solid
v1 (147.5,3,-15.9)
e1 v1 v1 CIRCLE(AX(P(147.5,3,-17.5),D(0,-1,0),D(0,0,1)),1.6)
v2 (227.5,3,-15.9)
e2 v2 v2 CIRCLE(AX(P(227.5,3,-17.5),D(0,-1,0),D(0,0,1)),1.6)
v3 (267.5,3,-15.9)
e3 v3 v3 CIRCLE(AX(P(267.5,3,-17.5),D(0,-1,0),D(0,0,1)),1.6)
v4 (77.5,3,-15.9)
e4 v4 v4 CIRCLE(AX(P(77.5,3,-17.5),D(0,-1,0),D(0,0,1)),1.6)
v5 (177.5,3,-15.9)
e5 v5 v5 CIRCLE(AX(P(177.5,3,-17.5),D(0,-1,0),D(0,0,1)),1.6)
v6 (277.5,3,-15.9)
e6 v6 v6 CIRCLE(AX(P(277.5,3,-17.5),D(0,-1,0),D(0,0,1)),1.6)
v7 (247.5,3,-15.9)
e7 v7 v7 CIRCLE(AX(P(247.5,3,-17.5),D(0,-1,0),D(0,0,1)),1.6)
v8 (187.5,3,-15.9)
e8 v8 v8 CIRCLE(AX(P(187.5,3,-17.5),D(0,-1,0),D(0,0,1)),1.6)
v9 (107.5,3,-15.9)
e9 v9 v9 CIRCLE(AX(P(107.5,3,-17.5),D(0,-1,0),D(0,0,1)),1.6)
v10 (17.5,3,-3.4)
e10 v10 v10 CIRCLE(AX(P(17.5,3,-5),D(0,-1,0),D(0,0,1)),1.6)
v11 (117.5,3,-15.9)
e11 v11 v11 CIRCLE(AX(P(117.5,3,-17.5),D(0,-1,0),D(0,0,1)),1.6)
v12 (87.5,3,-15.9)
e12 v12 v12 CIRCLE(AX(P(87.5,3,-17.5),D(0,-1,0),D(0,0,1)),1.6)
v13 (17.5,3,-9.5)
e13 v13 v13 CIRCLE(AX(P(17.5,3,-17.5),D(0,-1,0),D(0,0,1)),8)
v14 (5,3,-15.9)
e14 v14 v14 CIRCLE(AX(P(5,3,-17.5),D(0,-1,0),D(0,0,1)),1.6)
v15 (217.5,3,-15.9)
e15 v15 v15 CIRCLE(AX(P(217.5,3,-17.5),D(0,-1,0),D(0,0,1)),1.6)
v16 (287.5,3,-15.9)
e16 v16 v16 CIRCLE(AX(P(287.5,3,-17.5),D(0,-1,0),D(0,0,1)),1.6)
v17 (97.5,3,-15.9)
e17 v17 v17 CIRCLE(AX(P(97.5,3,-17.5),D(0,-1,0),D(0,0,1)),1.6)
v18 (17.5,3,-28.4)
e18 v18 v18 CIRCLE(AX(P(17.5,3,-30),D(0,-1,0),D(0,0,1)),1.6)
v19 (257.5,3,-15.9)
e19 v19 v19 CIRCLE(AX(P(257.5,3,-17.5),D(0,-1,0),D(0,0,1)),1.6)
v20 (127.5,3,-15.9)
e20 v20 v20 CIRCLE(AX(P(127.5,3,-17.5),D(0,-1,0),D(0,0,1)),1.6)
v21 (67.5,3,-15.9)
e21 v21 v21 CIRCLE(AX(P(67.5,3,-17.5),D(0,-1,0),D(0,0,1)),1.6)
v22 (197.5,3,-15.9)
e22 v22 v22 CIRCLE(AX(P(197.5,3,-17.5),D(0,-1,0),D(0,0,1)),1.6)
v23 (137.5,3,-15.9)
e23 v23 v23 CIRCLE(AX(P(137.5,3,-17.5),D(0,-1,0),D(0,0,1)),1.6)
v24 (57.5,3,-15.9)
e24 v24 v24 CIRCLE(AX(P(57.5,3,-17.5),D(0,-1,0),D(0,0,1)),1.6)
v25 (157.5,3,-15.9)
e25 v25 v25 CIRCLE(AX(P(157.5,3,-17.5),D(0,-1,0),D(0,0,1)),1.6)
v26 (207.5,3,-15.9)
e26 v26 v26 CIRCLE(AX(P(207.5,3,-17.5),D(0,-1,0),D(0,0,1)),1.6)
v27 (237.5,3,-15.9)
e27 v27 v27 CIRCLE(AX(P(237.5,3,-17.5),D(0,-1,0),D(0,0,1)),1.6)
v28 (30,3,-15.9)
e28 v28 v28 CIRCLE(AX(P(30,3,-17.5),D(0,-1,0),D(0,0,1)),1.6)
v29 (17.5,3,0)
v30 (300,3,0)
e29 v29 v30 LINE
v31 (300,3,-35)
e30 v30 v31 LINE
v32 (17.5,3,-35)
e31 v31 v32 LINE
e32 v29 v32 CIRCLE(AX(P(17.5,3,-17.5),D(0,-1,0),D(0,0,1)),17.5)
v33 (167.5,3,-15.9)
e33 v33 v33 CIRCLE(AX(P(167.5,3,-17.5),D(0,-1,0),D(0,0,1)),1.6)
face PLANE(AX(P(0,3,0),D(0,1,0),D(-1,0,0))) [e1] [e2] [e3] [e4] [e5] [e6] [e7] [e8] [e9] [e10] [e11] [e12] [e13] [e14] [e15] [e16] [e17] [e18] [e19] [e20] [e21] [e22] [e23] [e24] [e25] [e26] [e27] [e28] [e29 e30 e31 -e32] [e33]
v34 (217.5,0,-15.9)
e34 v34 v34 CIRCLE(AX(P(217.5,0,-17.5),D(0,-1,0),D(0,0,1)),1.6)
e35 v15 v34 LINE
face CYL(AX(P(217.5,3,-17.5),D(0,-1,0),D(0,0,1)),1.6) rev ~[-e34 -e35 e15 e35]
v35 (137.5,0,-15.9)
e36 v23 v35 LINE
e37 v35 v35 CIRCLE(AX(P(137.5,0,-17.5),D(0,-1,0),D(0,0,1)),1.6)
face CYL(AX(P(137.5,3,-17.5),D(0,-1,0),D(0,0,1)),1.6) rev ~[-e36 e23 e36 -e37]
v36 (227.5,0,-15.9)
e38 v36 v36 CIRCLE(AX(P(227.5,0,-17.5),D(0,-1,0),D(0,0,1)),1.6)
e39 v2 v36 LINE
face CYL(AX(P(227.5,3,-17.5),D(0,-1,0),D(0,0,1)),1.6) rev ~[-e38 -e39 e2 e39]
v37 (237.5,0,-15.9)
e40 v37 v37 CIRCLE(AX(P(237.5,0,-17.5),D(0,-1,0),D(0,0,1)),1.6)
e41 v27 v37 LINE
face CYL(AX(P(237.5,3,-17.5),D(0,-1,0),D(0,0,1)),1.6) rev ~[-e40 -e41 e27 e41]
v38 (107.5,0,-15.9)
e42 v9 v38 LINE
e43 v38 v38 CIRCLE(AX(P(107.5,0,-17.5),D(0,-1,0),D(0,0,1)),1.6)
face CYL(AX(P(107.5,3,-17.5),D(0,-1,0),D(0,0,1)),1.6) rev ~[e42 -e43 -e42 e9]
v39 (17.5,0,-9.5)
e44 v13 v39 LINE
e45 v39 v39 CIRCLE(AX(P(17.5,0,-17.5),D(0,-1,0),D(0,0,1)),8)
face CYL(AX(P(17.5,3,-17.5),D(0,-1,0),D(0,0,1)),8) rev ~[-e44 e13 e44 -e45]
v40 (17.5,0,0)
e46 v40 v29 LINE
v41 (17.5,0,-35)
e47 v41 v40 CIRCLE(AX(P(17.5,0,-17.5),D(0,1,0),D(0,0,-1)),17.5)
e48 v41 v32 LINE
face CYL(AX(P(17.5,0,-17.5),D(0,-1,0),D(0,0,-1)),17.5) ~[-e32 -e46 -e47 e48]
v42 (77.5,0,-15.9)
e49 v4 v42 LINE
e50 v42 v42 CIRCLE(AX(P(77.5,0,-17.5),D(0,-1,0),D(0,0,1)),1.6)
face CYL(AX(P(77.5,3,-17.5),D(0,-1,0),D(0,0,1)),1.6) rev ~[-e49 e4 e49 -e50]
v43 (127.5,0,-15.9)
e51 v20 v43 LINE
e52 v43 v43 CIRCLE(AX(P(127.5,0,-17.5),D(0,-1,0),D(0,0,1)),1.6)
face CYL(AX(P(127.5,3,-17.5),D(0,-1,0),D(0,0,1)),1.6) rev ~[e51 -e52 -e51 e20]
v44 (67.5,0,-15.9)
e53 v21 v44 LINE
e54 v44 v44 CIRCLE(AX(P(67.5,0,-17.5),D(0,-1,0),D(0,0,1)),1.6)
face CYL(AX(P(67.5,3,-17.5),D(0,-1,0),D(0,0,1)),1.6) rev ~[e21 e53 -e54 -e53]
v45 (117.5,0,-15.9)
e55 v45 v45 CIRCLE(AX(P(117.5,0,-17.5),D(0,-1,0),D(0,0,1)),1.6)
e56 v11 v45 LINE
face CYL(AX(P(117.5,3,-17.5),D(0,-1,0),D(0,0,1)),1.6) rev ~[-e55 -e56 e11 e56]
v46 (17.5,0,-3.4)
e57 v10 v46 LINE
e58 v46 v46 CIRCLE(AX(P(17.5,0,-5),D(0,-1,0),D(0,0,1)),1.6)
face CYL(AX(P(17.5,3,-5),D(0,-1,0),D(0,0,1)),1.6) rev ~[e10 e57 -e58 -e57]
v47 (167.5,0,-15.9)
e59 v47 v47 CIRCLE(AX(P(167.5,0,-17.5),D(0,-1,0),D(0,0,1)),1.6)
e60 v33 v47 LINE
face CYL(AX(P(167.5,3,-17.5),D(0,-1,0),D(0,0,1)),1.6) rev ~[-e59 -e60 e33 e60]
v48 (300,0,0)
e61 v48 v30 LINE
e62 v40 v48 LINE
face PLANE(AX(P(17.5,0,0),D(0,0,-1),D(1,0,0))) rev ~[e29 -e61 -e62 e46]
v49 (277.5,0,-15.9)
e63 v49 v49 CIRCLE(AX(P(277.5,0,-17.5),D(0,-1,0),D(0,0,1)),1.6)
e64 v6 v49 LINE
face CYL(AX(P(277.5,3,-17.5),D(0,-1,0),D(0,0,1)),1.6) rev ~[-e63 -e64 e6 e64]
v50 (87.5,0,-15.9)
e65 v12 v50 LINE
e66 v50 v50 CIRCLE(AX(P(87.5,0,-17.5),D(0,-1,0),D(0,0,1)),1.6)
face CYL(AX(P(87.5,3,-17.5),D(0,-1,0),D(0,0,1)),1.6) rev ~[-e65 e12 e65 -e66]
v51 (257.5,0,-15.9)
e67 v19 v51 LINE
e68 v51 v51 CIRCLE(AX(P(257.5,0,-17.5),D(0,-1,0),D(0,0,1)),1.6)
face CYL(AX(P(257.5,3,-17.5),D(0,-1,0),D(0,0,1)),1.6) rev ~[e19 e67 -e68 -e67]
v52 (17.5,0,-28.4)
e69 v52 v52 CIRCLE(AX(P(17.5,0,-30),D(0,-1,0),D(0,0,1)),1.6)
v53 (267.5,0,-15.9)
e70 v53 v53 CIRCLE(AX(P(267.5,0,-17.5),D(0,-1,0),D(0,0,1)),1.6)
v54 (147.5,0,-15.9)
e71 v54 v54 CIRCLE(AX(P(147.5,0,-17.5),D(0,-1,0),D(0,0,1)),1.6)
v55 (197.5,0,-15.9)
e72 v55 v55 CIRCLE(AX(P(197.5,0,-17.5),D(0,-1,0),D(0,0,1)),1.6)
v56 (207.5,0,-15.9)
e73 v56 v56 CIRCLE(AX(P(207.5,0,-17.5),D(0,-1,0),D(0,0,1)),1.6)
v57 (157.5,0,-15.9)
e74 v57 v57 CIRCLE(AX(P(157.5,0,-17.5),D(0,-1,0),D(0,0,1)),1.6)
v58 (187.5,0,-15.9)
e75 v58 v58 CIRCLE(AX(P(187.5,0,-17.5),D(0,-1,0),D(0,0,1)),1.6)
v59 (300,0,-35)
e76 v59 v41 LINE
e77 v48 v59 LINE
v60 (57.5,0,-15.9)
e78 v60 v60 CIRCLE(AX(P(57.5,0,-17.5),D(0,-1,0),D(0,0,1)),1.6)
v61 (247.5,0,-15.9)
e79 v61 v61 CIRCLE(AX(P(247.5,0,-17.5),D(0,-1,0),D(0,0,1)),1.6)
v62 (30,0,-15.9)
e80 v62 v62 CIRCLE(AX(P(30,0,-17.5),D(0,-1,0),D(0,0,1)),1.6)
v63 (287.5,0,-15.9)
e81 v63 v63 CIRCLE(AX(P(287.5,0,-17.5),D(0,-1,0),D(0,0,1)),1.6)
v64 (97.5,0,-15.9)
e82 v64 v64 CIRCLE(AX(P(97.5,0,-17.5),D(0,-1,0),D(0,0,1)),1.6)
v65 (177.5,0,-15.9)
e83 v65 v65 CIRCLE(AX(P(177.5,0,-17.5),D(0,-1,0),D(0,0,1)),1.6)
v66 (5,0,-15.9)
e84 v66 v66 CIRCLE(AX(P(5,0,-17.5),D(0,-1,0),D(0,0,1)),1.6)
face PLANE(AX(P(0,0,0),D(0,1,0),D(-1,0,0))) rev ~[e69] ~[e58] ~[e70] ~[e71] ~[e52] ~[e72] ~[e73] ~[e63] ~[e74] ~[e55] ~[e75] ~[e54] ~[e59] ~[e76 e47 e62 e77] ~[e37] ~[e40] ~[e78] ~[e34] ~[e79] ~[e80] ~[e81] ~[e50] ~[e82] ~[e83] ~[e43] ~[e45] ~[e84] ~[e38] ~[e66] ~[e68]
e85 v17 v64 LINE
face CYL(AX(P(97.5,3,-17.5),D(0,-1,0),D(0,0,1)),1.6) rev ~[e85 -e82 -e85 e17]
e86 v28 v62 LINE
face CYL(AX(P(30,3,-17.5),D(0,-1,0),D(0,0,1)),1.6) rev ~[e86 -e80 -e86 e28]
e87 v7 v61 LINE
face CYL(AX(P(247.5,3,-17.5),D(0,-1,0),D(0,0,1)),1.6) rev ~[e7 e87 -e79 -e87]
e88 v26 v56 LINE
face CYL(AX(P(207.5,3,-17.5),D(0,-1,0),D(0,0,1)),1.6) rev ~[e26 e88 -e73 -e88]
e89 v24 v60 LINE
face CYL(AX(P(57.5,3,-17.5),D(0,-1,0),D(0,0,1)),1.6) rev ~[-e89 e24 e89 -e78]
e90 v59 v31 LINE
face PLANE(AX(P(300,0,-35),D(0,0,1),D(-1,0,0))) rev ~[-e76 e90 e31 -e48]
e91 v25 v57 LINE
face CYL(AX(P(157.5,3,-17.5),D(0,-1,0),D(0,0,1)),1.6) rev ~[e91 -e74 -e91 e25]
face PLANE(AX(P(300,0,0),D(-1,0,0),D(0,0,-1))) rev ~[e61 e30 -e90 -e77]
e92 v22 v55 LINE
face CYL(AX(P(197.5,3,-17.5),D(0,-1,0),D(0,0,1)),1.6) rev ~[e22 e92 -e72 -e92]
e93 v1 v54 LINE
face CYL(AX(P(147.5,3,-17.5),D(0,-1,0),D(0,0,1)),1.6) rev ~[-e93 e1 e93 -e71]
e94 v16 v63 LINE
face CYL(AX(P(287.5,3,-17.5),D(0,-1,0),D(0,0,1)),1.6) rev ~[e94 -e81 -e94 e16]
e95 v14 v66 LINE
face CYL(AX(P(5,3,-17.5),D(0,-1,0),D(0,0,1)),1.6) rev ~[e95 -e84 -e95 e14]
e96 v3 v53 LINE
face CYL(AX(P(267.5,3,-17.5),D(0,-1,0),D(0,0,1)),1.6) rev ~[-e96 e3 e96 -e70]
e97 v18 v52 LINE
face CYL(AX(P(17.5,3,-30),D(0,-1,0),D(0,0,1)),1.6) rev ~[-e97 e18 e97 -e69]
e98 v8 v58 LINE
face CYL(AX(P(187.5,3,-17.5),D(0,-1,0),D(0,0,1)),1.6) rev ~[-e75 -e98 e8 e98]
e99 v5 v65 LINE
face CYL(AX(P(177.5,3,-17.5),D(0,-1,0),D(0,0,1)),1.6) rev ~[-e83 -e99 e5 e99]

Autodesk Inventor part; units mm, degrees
ref_plane "YZ Plane" through (0, 0, 0) normal (1, 0, 0) x (0, 1, 0)
ref_plane "XZ Plane" through (0, 0, 0) normal (0, 1, 0) x (-1, 0, 0)
ref_plane "XY Plane" through (0, 0, 0) normal (0, 0, 1) x (1, 0, 0)
sketch "スケッチ1" plane through (0, 0, 0) normal (0, 1, 0) x (-1, 0, 0)
  line L0 (0, 0) -> (-300, 0)
  line L1 (-300, 0) -> (-300, -35)
  line L2 (-300, -35) -> (0, -35)
  line L3 (0, -35) -> (0, 0)
  arc A0 (-17.5, -35) -> (-17.5, 0) centre (-17.5, -17.5) ccw
  point P0 (-17.5, -17.5)
  dimension "d0" = 300
  dimension "d1" = 35
  dimension "d2" = 17.5
  dimension "d3" = 17.5
  dimension "d43" = 17.5
extrude "押し出し1" add sketch "スケッチ1" along normal blind 3 contours A0 L2 L1 L0
sketch "スケッチ2" plane through (0, 3, 0) normal (0, 1, 0) x (1, 0, 0)
  arc A0 (17.5, 35) -> (17.5, 0) centre (17.5, 17.5) ccw projected
  line L0 (300, 35) -> (17.5, 35) projected
  point P0 (0, 0)
  point P1 (0, 17.5)
hole "穴1" at (17.5, 3, -17.5) direction (0, -1, 0) diameter 16 end through all
sketch "スケッチ3" plane through (0, 3, 0) normal (0, 1, 0) x (1, 0, 0)
  line L0 (300, 0) -> (300, 35) projected
  arc A0 (17.5, 35) -> (17.5, 0) centre (17.5, 17.5) ccw construction
  line L1 (17.5, 17.5) -> (300, 17.5) construction
  line L2 (300, 0) -> (300, 35) construction
  point P0 (0, 0)
  point P1 (57.5, 17.5)
  point P2 (67.5, 17.5)
  point P3 (77.5, 17.5)
  point P4 (87.5, 17.5)
  point P5 (97.5, 17.5)
  point P6 (107.5, 17.5)
  point P7 (117.5, 17.5)
  point P8 (127.5, 17.5)
  point P9 (137.5, 17.5)
  point P10 (147.5, 17.5)
  point P11 (157.5, 17.5)
  point P12 (167.5, 17.5)
  point P13 (177.5, 17.5)
  point P14 (187.5, 17.5)
  point P15 (197.5, 17.5)
  point P16 (207.5, 17.5)
  point P17 (217.5, 17.5)
  point P18 (227.5, 17.5)
  point P19 (237.5, 17.5)
  point P20 (247.5, 17.5)
  point P21 (257.5, 17.5)
  point P22 (267.5, 17.5)
  point P23 (277.5, 17.5)
  point P24 (287.5, 17.5)
  dimension "d108" = 40
  dimension "d111" = 10
hole "穴7" at (57.5, 3, -17.5) at (67.5, 3, -17.5) at (77.5, 3, -17.5) at (87.5, 3, -17.5) at (97.5, 3, -17.5) at (107.5, 3, -17.5) at (117.5, 3, -17.5) at (127.5, 3, -17.5) at (137.5, 3, -17.5) at (147.5, 3, -17.5) at (157.5, 3, -17.5) at (167.5, 3, -17.5) at (177.5, 3, -17.5) at (187.5, 3, -17.5) at (197.5, 3, -17.5) at (207.5, 3, -17.5) at (217.5, 3, -17.5) at (227.5, 3, -17.5) at (237.5, 3, -17.5) at (247.5, 3, -17.5) at (257.5, 3, -17.5) at (267.5, 3, -17.5) at (277.5, 3, -17.5) at (287.5, 3, -17.5) direction (0, -1, 0) diameter 3.2 end through all
sketch "スケッチ10" plane through (0, 3, 0) normal (0, 1, 0) x (1, 0, 0)
  circle A0 centre (17.5, 17.5) radius 8 construction
  circle A1 centre (17.5, 17.5) radius 12.5 construction
  point P0 (0, 0)
  point P1 (17.5, 5)
  point P2 (30, 17.5)
  point P3 (17.5, 30)
  point P4 (5, 17.5)
  dimension "d123" = 25
  dimension "d126" = 360
hole "穴8" at (17.5, 3, -5) at (30, 3, -17.5) at (17.5, 3, -30) at (5, 3, -17.5) direction (0, -1, 0) diameter 3.2 end through all
properties part number "shoulder1_bottom_plate" material "アルミニウム 5052"
